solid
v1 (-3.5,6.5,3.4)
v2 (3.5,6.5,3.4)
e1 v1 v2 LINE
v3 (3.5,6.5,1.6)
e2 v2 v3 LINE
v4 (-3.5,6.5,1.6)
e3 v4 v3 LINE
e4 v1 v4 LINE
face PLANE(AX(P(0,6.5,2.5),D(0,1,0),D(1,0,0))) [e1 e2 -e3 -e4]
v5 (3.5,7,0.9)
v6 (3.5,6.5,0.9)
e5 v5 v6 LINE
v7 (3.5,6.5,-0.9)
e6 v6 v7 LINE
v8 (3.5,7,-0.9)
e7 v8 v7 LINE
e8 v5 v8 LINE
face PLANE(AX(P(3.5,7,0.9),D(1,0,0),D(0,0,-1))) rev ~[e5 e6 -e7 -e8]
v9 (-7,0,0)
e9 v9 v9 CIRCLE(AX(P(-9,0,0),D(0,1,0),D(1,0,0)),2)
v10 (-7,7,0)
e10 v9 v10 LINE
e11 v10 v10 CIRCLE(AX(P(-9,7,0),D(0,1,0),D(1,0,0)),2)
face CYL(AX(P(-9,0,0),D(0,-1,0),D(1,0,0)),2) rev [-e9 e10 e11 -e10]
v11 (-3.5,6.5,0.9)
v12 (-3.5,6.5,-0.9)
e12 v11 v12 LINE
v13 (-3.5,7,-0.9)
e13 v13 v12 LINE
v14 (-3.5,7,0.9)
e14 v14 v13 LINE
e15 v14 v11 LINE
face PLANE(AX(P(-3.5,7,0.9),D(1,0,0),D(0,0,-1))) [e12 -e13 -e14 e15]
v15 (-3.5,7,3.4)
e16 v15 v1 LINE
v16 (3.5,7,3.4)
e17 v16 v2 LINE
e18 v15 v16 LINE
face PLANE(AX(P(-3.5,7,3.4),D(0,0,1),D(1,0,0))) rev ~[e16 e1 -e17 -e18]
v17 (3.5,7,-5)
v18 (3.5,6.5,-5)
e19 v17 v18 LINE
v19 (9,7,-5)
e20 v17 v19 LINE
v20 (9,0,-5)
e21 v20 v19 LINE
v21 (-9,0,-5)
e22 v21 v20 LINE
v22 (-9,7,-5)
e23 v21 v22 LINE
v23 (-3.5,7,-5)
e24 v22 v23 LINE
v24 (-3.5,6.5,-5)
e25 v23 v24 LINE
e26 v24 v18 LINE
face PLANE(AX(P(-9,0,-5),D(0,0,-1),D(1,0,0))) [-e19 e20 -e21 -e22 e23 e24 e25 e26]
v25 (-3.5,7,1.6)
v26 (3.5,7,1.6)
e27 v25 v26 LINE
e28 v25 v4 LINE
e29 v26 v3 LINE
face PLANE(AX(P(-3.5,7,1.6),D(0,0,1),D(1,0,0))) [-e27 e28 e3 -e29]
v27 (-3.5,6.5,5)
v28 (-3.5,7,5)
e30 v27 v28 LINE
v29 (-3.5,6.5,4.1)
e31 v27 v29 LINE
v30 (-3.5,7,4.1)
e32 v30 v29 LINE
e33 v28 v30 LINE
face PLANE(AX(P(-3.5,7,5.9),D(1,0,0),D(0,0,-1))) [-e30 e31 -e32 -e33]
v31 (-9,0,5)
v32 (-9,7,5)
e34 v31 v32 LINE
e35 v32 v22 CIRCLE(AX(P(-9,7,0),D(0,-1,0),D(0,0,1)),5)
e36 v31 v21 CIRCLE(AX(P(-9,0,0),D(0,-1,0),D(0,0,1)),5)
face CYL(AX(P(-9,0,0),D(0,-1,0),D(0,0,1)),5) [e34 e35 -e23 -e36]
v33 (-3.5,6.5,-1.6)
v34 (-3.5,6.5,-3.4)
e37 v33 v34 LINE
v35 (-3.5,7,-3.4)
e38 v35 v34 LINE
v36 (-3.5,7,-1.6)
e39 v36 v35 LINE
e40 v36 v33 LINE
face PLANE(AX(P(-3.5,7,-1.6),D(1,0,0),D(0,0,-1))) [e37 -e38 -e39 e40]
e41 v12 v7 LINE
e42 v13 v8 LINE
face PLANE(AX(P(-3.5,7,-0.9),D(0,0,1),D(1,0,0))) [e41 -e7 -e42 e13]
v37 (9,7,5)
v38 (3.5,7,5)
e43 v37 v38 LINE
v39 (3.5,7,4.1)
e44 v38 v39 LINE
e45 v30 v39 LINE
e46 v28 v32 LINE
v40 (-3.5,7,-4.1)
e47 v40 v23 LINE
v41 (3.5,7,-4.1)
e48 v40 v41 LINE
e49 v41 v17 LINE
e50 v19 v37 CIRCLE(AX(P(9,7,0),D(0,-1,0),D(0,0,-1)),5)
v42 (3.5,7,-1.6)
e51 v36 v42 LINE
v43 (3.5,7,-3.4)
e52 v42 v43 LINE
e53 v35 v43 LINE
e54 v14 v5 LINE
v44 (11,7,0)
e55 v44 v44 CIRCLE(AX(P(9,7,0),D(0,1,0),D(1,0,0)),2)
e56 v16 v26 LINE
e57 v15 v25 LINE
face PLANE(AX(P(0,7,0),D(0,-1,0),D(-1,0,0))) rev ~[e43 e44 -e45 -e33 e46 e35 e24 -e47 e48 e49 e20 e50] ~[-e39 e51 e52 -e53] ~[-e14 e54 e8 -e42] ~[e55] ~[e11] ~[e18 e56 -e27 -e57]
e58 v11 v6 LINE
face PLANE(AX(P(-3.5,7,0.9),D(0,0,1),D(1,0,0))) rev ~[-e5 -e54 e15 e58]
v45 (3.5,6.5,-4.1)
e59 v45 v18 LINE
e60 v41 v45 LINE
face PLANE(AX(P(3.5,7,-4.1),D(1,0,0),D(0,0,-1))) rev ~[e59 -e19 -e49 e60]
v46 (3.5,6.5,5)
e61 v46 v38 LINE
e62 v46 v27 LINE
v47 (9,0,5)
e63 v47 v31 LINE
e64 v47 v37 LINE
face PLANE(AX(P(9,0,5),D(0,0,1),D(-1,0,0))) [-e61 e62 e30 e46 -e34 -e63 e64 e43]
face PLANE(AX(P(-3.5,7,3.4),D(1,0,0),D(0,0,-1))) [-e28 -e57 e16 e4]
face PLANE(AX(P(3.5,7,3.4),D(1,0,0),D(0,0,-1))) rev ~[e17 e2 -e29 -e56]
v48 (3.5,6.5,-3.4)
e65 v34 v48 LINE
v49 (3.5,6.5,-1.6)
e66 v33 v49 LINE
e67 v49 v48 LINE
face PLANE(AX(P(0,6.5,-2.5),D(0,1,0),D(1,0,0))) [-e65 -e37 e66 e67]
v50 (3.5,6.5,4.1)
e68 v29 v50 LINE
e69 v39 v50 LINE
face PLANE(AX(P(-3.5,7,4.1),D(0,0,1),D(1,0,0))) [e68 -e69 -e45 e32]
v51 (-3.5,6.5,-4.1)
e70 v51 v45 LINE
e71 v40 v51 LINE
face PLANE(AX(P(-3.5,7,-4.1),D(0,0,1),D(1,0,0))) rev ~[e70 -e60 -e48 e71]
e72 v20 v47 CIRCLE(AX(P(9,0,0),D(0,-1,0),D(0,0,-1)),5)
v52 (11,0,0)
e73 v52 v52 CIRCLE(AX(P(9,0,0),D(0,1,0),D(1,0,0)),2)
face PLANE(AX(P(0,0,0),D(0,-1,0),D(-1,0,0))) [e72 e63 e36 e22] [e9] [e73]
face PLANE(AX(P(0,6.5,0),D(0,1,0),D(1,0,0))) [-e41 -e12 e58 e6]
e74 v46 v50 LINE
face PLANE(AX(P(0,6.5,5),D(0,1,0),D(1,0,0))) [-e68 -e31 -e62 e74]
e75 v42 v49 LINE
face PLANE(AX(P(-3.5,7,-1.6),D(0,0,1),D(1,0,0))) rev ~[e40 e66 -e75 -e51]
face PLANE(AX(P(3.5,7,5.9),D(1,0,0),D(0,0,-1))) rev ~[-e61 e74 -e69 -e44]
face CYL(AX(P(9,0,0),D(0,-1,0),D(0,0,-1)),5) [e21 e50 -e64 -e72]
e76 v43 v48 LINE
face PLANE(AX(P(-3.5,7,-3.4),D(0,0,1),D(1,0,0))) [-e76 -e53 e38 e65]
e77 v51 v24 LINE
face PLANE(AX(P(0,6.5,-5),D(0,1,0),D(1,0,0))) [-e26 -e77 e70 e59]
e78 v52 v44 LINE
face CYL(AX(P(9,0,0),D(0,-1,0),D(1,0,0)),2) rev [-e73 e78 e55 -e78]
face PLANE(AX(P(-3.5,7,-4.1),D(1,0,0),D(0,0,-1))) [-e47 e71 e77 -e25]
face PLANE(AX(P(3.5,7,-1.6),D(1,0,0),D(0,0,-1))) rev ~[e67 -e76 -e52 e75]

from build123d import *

# Parameters (mm, degrees)
SKETCH1_R           = 2
BOSS_EXTRUDE1_DEPTH = 7
SKETCH2_W           = 7
SKETCH2_H           = 1.8
CUT_EXTRUDE1_DEPTH  = 0.5
LPATTERN1_COUNT     = 3
LPATTERN1_PITCH     = 2.5
LPATTERN1_COL_COUNT = 3
LPATTERN1_COL_PITCH = 2.5


with BuildPart() as part:
    # Sketch1 → Boss-Extrude1 (new body)
    with BuildSketch(Plane(origin=(0, 0, 0), x_dir=(1, 0, 0), z_dir=(0, 1, 0))):
        with BuildLine():
            Line((-9, 5), (9, 5))
            ThreePointArc((9, 5), (14, 0), (9, -5))
            Line((9, -5), (-9, -5))
            ThreePointArc((-9, -5), (-14, 0), (-9, 5))
        make_face()
        with Locations((-9, 0)):
            Circle(SKETCH1_R, mode=Mode.SUBTRACT)
        with Locations((9, 0)):
            Circle(SKETCH1_R, mode=Mode.SUBTRACT)
    extrude(amount=BOSS_EXTRUDE1_DEPTH)

    # Sketch2 → Cut-Extrude1 (cut)
    with BuildSketch(Plane(origin=(0, 7, 0), x_dir=(1, 0, 0), z_dir=(0, 1, 0))):
        Rectangle(SKETCH2_W, SKETCH2_H)
    cut_extrude1 = extrude(amount=-CUT_EXTRUDE1_DEPTH, mode=Mode.SUBTRACT)

    # LPattern1: Cut-Extrude1 ×3
    with Locations(*[(0, 0, i * LPATTERN1_PITCH) for i in range(1, LPATTERN1_COUNT)]):
        add(cut_extrude1, mode=Mode.SUBTRACT)

    # LPattern1 col: Cut-Extrude1 ×3
    with Locations(*[(0, 0, -i * LPATTERN1_COL_PITCH) for i in range(1, LPATTERN1_COL_COUNT)]):
        add(cut_extrude1, mode=Mode.SUBTRACT)


solid = part.part
